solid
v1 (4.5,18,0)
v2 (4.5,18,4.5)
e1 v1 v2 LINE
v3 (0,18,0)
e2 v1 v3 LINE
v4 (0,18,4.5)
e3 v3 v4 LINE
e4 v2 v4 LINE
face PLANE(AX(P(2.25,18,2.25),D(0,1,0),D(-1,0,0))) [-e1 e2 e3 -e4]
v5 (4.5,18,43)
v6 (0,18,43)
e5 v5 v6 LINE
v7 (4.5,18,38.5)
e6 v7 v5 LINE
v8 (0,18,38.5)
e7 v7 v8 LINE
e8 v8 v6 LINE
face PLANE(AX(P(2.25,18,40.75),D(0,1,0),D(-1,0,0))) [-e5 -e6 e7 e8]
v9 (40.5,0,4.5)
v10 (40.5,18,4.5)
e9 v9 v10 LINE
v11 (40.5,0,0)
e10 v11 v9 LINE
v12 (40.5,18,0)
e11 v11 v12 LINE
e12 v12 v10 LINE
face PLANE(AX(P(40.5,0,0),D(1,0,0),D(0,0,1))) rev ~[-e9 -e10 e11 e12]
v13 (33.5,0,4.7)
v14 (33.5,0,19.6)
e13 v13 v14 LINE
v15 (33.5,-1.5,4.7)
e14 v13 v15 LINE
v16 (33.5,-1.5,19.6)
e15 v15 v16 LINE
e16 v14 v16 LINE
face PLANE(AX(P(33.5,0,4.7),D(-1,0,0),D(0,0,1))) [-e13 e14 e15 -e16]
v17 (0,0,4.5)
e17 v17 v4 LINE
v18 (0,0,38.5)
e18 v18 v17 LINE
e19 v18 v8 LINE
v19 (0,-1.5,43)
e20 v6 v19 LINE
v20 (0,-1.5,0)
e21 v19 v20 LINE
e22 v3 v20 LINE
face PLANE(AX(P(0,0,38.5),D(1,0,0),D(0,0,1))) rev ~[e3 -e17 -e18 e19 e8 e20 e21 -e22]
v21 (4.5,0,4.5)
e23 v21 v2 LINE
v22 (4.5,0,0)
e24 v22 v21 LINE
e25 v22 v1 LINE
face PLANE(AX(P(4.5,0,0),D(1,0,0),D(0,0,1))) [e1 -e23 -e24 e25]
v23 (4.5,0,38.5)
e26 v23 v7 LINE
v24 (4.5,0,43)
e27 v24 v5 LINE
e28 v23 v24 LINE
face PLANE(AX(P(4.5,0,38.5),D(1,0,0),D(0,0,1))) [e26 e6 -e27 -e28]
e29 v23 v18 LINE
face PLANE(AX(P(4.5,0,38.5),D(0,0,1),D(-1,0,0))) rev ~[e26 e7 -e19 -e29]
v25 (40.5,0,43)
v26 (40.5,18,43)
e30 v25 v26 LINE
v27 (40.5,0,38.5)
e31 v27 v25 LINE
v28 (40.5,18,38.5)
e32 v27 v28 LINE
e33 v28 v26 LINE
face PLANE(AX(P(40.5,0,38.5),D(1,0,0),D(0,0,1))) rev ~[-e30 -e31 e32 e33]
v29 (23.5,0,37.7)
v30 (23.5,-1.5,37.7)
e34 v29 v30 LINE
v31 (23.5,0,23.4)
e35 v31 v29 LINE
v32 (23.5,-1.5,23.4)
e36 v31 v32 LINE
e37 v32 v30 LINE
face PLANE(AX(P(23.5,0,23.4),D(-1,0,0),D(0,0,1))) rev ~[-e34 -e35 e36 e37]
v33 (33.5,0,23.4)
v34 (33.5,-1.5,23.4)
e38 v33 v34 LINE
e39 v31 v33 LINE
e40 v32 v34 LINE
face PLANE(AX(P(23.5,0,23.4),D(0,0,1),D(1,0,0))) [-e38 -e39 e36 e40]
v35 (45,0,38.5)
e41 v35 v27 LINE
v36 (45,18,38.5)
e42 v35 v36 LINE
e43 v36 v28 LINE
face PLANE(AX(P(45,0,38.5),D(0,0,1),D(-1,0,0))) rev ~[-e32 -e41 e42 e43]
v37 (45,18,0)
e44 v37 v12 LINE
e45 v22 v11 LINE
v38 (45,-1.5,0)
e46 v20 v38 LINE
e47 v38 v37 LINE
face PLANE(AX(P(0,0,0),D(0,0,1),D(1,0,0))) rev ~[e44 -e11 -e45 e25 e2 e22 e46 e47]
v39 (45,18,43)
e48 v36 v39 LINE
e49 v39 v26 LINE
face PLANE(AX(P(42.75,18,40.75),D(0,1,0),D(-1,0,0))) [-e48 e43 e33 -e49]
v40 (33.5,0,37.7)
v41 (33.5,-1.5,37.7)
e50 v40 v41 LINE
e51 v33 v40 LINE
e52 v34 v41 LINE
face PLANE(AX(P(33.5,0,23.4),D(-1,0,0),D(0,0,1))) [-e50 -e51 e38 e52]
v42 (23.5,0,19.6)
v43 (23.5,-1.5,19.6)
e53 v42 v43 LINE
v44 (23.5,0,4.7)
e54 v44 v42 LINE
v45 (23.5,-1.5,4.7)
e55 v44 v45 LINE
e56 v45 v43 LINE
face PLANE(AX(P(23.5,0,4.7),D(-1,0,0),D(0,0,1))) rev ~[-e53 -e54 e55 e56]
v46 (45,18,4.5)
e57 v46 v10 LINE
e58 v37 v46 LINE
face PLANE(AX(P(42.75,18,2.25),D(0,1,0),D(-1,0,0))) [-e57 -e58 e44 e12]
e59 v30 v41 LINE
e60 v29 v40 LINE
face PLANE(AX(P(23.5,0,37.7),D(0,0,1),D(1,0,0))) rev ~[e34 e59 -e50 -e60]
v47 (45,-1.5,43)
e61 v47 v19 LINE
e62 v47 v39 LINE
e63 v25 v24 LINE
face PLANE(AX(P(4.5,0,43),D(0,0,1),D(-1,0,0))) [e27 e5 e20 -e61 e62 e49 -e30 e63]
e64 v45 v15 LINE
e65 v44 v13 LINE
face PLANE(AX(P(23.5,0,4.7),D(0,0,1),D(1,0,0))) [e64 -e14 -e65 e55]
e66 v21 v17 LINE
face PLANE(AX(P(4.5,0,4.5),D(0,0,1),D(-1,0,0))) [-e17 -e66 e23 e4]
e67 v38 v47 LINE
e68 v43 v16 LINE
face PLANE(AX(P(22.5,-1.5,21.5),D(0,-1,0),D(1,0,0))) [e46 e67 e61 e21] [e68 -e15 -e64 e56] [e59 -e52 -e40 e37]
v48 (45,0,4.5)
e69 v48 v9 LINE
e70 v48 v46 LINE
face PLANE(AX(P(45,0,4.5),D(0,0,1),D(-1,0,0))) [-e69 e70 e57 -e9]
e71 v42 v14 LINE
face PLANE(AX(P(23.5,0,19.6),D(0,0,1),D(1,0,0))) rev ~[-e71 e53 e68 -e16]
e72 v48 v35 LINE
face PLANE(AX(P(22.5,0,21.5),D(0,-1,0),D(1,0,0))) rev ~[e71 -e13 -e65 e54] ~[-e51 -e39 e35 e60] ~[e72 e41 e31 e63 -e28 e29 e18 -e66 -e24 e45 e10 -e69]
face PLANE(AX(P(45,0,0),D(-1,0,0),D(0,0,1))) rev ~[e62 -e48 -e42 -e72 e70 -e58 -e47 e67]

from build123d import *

# Parameters (mm, degrees)
F0_W     = 10
F0_H     = 14.9
F0_H_2   = 14.3
F1_DEPTH = 1.5
F2_W     = 4.5
F2_H     = 4.5
F3_DEPTH = 18


with BuildPart() as f1:
    # F0 (on Front) → F1 (new body)
    with BuildSketch(Plane.XZ):
        Polygon((0, 43), (0, 0), (45, 0), (45, 43), (33.5, 43), (23.5, 43), align=None)
        with Locations((28.5, 12.15)):
            Rectangle(F0_W, F0_H, mode=Mode.SUBTRACT)
        with Locations((28.5, 30.55)):
            Rectangle(F0_W, F0_H_2, mode=Mode.SUBTRACT)
    extrude(amount=F1_DEPTH)

    # F2 (on face) → F3 (join)
    with BuildSketch(Plane(origin=(0, 0, 0), x_dir=(-1, 0, 0), z_dir=(0, 1, 0))):
        with Locations((-2.25, 40.75)):
            Rectangle(F2_W, F2_H)
        with Locations((-2.25, 2.25)):
            Rectangle(F2_W, F2_H)
        with Locations((-42.75, 2.25)):
            Rectangle(F2_W, F2_H)
        with Locations((-42.75, 40.75)):
            Rectangle(F2_W, F2_H)
    extrude(amount=F3_DEPTH)


solid = f1.part
